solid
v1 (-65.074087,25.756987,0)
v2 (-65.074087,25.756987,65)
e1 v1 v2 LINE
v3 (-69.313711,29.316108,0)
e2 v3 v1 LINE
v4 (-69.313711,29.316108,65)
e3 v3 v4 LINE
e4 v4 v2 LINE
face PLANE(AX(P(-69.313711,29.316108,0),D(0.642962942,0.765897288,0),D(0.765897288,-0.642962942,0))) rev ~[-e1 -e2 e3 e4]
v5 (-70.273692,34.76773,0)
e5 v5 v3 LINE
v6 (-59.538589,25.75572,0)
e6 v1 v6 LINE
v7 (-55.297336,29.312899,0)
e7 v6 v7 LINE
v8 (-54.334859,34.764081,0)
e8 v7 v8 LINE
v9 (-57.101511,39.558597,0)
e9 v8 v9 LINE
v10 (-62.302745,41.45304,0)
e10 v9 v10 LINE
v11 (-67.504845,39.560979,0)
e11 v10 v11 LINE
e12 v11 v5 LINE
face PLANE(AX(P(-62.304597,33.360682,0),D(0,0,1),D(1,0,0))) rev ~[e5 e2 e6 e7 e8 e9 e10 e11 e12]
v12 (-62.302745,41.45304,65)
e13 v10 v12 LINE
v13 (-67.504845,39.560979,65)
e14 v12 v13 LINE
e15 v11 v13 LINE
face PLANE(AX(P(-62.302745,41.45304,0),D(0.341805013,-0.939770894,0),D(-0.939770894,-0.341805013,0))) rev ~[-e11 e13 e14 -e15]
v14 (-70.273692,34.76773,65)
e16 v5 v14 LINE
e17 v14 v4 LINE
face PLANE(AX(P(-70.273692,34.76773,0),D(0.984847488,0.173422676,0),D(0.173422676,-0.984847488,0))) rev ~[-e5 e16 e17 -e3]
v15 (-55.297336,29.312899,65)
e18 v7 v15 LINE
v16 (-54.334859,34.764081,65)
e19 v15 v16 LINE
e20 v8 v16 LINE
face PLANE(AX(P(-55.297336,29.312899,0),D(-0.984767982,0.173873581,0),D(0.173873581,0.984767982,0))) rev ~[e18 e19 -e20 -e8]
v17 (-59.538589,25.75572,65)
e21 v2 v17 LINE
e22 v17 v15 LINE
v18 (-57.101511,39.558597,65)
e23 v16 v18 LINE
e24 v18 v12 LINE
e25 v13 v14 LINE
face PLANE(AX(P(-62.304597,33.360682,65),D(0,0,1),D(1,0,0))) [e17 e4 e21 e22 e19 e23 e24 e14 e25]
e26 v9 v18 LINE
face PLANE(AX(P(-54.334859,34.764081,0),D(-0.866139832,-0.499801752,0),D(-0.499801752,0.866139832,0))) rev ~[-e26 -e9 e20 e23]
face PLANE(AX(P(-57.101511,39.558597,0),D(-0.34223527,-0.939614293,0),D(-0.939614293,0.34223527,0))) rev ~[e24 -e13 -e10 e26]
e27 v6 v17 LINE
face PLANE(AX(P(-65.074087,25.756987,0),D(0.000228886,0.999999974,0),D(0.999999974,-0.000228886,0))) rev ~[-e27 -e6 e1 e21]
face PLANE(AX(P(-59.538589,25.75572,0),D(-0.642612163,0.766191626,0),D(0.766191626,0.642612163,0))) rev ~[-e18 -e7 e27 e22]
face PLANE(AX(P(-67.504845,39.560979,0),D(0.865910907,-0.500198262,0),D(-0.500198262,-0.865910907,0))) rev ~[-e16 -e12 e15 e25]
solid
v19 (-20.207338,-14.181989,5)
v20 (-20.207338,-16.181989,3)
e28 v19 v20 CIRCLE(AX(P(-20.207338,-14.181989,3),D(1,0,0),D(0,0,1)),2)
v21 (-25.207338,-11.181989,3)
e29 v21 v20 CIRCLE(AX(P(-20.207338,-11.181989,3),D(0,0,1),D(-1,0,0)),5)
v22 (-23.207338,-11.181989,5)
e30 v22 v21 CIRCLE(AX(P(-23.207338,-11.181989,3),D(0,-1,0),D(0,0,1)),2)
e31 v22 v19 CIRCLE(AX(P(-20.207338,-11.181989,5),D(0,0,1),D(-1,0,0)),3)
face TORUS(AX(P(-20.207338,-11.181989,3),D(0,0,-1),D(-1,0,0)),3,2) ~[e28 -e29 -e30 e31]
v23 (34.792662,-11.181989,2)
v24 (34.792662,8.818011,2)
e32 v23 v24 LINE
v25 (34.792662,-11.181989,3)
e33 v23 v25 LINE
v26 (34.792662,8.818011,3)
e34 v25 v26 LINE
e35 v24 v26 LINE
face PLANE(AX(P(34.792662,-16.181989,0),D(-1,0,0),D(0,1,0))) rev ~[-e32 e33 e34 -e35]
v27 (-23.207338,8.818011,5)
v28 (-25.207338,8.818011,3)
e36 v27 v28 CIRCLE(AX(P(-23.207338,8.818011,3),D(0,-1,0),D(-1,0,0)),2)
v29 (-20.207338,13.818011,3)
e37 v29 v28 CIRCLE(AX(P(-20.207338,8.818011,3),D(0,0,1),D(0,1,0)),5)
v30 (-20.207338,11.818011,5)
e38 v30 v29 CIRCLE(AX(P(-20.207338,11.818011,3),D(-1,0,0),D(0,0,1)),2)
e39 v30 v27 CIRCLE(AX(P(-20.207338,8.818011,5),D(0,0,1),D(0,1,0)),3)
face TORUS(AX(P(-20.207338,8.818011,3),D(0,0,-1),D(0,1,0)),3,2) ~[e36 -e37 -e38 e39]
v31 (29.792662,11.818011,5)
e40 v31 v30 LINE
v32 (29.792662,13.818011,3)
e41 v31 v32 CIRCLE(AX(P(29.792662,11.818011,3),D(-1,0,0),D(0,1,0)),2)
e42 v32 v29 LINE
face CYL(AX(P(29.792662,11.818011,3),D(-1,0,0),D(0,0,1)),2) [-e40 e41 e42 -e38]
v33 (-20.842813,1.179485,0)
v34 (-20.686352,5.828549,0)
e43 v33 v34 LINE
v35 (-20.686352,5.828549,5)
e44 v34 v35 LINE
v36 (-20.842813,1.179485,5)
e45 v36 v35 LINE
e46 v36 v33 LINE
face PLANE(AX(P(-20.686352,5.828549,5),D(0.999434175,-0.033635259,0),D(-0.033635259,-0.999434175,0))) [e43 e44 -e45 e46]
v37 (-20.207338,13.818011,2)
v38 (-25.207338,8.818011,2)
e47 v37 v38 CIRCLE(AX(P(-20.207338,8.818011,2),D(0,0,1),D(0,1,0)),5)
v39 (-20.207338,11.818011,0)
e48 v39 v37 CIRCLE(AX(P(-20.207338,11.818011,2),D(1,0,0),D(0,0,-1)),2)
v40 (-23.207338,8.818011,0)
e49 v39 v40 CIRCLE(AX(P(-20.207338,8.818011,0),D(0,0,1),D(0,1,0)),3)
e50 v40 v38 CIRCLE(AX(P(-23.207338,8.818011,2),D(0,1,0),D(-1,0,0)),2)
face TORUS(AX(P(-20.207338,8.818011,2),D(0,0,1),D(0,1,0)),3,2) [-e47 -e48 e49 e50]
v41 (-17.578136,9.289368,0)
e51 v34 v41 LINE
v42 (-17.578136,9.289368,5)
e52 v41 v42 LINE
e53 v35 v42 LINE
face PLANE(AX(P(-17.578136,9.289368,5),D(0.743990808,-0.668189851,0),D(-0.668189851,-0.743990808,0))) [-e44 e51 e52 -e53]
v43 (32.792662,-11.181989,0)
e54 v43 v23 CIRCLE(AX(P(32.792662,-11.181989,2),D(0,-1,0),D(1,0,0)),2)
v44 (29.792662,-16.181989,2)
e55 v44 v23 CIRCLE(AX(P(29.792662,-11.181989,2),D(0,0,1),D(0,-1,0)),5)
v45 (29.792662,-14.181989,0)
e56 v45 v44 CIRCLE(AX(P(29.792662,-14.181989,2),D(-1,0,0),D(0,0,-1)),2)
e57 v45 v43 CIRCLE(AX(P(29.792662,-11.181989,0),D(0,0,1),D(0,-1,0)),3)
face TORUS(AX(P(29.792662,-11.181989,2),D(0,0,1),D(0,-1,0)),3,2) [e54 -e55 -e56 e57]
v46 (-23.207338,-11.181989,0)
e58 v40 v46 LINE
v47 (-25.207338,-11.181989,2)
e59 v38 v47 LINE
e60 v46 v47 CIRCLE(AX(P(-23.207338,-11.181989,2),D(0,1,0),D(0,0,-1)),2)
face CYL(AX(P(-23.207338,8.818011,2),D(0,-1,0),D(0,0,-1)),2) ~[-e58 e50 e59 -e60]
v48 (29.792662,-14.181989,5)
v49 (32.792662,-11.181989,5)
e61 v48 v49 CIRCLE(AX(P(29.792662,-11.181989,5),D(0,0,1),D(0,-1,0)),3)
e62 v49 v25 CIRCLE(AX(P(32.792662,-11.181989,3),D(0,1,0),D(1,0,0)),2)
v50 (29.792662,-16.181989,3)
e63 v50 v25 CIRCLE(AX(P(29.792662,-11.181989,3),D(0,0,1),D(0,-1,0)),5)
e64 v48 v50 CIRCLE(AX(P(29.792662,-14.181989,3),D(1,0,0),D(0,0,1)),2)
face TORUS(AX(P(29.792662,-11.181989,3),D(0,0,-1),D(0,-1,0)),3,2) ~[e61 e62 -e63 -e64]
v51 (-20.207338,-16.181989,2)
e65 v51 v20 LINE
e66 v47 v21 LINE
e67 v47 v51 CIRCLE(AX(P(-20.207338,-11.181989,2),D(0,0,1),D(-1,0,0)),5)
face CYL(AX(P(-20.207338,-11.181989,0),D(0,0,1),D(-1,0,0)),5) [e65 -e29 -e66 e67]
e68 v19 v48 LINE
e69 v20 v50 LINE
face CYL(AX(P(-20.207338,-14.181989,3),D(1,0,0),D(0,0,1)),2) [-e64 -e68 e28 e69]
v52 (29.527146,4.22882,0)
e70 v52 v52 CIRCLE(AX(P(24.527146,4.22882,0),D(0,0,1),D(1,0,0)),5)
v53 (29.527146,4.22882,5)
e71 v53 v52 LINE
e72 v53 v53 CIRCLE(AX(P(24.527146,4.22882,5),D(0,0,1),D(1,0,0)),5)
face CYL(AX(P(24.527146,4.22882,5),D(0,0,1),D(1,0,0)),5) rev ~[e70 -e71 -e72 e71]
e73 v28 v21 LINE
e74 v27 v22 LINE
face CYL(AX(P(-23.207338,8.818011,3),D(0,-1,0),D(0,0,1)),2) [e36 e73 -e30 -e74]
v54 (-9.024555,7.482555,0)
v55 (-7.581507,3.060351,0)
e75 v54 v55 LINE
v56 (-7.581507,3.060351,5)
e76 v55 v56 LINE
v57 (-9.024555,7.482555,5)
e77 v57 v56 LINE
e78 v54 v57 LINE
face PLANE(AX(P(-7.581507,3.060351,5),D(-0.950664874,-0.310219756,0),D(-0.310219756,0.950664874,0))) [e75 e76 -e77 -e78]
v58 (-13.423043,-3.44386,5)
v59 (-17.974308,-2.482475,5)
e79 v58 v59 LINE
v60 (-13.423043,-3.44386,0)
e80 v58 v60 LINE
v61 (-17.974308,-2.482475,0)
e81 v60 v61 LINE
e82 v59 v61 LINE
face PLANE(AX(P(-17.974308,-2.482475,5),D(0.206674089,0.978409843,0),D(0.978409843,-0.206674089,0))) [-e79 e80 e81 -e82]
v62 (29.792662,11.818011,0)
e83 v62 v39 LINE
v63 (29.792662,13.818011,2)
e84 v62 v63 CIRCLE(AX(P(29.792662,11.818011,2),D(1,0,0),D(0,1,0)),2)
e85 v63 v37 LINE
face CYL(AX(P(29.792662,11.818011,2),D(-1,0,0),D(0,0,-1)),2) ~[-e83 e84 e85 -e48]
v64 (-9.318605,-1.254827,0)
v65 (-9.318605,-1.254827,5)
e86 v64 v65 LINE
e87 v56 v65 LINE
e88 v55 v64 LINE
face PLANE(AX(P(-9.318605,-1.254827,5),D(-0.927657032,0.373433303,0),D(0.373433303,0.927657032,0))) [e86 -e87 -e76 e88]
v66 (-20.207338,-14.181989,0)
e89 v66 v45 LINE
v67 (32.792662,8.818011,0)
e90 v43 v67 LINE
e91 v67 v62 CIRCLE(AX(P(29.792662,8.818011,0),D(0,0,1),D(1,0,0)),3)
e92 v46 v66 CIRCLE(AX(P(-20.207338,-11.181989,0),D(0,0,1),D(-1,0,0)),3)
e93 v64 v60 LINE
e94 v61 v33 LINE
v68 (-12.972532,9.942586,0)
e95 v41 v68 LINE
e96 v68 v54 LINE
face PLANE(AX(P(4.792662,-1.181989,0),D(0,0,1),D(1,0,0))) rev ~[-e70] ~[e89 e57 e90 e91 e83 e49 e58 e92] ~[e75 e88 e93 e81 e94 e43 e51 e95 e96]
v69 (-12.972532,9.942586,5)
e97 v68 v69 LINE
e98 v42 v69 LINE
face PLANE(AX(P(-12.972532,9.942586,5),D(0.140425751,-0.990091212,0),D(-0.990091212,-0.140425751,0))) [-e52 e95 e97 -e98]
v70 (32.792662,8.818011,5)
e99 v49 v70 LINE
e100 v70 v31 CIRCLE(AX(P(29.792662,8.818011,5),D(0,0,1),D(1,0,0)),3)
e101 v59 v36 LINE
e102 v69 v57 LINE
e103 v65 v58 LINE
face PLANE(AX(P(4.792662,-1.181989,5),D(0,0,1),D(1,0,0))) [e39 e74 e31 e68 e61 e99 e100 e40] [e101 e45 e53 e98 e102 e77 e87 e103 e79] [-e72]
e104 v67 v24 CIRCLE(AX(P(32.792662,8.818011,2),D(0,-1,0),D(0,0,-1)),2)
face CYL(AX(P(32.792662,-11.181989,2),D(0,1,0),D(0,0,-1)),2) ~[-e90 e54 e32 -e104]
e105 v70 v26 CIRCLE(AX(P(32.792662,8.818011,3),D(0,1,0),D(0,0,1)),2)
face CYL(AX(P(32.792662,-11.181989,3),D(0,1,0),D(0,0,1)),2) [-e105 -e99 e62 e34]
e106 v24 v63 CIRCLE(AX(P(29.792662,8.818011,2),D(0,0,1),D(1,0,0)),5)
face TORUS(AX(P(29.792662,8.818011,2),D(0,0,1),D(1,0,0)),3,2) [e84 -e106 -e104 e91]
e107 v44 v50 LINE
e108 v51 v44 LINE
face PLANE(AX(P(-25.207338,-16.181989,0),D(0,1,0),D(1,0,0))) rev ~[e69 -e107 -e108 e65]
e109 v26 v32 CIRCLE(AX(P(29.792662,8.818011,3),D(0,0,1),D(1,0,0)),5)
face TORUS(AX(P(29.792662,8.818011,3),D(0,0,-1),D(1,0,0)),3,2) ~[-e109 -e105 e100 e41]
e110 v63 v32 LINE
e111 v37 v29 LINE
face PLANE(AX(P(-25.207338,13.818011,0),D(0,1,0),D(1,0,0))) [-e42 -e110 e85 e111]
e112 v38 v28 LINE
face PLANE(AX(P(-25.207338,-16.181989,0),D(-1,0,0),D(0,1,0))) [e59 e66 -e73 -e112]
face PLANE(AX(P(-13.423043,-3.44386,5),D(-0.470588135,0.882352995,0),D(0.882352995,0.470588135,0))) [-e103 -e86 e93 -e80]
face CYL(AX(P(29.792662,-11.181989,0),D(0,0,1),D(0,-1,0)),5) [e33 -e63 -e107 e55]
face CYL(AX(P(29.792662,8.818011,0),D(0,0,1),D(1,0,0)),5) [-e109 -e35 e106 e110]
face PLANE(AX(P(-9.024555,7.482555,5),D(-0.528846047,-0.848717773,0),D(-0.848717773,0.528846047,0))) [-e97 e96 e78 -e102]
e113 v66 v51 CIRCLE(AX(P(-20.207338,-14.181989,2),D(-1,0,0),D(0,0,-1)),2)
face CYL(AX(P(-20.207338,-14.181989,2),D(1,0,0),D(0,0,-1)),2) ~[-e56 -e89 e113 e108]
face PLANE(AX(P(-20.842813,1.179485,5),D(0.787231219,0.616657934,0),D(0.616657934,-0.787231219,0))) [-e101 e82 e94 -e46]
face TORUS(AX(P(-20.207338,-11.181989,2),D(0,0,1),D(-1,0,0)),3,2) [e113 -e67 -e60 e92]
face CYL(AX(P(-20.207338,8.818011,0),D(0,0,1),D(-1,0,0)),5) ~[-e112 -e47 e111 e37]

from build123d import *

# Parameters (mm, degrees)
F0_W      = 60
F0_H      = 30
F1_DEPTH  = 5
F2_R      = 5
F3_R      = 2
F4_R      = 2
F5_R      = 5
F6_DEPTH  = 12.5
F8_DEPTH  = 12.5
F10_DEPTH = 65


with BuildPart() as f1:
    # F0 (on Top) → F1 (new body)
    with BuildSketch(Plane.XY):
        with Locations((4.792662, -1.181989)):
            Rectangle(F0_W, F0_H)
    extrude(amount=F1_DEPTH)

    # F2
    f2_edges = [f1.edges().sort_by_distance(p)[0] for p in [
        (-25.207338, -16.181989, 2.5),
        (34.792662, -16.181989, 2.5),
        (34.792662, 13.818011, 2.5),
        (-25.207338, 13.818011, 2.5),
    ]]
    fillet(f2_edges, radius=F2_R)

    # F3
    f3_edges = [f1.edges().sort_by_distance(p)[0] for p in [
        (4.792662, -16.181989, 5),
        (-25.207338, -1.181989, 5),
        (4.792662, 13.818011, 5),
        (34.792662, -1.181989, 5),
    ]]
    fillet(f3_edges, radius=F3_R)

    # F4
    f4_edges = [f1.edges().sort_by_distance(p)[0] for p in [
        (4.792662, -16.181989, 0),
        (-25.207338, -1.181989, 0),
        (4.792662, 13.818011, 0),
        (34.792662, -1.181989, 0),
    ]]
    fillet(f4_edges, radius=F4_R)

    # F5 (on face) → F6 (cut, symmetric)
    with BuildSketch(Plane.XY.offset(5)):
        with Locations((24.527146, 4.22882)):
            Circle(F5_R)
    extrude(amount=-F6_DEPTH, both=True, mode=Mode.SUBTRACT)

    # F7 (on face) → F8 (cut, symmetric)
    with BuildSketch(Plane.XY.offset(5)):
        Polygon((-13.423043, -3.44386), (-9.318605, -1.254827), (-7.581507, 3.060351), (-9.024555, 7.482555), (-12.972532, 9.942586), (-17.578136, 9.289368), (-20.686352, 5.828549), (-20.842813, 1.179485), (-17.974308, -2.482475), align=None)
    extrude(amount=-F8_DEPTH, both=True, mode=Mode.SUBTRACT)


with BuildPart() as f10:
    # F9 (on Top) → F10 (new body)
    with BuildSketch(Plane.XY):
        Polygon((-59.538589, 25.75572), (-55.297336, 29.312899), (-54.334859, 34.764081), (-57.101511, 39.558597), (-62.302745, 41.45304), (-67.504845, 39.560979), (-70.273692, 34.76773), (-69.313711, 29.316108), (-65.074087, 25.756987), align=None)
    extrude(amount=F10_DEPTH)


solid = Compound([f1.part, f10.part])
